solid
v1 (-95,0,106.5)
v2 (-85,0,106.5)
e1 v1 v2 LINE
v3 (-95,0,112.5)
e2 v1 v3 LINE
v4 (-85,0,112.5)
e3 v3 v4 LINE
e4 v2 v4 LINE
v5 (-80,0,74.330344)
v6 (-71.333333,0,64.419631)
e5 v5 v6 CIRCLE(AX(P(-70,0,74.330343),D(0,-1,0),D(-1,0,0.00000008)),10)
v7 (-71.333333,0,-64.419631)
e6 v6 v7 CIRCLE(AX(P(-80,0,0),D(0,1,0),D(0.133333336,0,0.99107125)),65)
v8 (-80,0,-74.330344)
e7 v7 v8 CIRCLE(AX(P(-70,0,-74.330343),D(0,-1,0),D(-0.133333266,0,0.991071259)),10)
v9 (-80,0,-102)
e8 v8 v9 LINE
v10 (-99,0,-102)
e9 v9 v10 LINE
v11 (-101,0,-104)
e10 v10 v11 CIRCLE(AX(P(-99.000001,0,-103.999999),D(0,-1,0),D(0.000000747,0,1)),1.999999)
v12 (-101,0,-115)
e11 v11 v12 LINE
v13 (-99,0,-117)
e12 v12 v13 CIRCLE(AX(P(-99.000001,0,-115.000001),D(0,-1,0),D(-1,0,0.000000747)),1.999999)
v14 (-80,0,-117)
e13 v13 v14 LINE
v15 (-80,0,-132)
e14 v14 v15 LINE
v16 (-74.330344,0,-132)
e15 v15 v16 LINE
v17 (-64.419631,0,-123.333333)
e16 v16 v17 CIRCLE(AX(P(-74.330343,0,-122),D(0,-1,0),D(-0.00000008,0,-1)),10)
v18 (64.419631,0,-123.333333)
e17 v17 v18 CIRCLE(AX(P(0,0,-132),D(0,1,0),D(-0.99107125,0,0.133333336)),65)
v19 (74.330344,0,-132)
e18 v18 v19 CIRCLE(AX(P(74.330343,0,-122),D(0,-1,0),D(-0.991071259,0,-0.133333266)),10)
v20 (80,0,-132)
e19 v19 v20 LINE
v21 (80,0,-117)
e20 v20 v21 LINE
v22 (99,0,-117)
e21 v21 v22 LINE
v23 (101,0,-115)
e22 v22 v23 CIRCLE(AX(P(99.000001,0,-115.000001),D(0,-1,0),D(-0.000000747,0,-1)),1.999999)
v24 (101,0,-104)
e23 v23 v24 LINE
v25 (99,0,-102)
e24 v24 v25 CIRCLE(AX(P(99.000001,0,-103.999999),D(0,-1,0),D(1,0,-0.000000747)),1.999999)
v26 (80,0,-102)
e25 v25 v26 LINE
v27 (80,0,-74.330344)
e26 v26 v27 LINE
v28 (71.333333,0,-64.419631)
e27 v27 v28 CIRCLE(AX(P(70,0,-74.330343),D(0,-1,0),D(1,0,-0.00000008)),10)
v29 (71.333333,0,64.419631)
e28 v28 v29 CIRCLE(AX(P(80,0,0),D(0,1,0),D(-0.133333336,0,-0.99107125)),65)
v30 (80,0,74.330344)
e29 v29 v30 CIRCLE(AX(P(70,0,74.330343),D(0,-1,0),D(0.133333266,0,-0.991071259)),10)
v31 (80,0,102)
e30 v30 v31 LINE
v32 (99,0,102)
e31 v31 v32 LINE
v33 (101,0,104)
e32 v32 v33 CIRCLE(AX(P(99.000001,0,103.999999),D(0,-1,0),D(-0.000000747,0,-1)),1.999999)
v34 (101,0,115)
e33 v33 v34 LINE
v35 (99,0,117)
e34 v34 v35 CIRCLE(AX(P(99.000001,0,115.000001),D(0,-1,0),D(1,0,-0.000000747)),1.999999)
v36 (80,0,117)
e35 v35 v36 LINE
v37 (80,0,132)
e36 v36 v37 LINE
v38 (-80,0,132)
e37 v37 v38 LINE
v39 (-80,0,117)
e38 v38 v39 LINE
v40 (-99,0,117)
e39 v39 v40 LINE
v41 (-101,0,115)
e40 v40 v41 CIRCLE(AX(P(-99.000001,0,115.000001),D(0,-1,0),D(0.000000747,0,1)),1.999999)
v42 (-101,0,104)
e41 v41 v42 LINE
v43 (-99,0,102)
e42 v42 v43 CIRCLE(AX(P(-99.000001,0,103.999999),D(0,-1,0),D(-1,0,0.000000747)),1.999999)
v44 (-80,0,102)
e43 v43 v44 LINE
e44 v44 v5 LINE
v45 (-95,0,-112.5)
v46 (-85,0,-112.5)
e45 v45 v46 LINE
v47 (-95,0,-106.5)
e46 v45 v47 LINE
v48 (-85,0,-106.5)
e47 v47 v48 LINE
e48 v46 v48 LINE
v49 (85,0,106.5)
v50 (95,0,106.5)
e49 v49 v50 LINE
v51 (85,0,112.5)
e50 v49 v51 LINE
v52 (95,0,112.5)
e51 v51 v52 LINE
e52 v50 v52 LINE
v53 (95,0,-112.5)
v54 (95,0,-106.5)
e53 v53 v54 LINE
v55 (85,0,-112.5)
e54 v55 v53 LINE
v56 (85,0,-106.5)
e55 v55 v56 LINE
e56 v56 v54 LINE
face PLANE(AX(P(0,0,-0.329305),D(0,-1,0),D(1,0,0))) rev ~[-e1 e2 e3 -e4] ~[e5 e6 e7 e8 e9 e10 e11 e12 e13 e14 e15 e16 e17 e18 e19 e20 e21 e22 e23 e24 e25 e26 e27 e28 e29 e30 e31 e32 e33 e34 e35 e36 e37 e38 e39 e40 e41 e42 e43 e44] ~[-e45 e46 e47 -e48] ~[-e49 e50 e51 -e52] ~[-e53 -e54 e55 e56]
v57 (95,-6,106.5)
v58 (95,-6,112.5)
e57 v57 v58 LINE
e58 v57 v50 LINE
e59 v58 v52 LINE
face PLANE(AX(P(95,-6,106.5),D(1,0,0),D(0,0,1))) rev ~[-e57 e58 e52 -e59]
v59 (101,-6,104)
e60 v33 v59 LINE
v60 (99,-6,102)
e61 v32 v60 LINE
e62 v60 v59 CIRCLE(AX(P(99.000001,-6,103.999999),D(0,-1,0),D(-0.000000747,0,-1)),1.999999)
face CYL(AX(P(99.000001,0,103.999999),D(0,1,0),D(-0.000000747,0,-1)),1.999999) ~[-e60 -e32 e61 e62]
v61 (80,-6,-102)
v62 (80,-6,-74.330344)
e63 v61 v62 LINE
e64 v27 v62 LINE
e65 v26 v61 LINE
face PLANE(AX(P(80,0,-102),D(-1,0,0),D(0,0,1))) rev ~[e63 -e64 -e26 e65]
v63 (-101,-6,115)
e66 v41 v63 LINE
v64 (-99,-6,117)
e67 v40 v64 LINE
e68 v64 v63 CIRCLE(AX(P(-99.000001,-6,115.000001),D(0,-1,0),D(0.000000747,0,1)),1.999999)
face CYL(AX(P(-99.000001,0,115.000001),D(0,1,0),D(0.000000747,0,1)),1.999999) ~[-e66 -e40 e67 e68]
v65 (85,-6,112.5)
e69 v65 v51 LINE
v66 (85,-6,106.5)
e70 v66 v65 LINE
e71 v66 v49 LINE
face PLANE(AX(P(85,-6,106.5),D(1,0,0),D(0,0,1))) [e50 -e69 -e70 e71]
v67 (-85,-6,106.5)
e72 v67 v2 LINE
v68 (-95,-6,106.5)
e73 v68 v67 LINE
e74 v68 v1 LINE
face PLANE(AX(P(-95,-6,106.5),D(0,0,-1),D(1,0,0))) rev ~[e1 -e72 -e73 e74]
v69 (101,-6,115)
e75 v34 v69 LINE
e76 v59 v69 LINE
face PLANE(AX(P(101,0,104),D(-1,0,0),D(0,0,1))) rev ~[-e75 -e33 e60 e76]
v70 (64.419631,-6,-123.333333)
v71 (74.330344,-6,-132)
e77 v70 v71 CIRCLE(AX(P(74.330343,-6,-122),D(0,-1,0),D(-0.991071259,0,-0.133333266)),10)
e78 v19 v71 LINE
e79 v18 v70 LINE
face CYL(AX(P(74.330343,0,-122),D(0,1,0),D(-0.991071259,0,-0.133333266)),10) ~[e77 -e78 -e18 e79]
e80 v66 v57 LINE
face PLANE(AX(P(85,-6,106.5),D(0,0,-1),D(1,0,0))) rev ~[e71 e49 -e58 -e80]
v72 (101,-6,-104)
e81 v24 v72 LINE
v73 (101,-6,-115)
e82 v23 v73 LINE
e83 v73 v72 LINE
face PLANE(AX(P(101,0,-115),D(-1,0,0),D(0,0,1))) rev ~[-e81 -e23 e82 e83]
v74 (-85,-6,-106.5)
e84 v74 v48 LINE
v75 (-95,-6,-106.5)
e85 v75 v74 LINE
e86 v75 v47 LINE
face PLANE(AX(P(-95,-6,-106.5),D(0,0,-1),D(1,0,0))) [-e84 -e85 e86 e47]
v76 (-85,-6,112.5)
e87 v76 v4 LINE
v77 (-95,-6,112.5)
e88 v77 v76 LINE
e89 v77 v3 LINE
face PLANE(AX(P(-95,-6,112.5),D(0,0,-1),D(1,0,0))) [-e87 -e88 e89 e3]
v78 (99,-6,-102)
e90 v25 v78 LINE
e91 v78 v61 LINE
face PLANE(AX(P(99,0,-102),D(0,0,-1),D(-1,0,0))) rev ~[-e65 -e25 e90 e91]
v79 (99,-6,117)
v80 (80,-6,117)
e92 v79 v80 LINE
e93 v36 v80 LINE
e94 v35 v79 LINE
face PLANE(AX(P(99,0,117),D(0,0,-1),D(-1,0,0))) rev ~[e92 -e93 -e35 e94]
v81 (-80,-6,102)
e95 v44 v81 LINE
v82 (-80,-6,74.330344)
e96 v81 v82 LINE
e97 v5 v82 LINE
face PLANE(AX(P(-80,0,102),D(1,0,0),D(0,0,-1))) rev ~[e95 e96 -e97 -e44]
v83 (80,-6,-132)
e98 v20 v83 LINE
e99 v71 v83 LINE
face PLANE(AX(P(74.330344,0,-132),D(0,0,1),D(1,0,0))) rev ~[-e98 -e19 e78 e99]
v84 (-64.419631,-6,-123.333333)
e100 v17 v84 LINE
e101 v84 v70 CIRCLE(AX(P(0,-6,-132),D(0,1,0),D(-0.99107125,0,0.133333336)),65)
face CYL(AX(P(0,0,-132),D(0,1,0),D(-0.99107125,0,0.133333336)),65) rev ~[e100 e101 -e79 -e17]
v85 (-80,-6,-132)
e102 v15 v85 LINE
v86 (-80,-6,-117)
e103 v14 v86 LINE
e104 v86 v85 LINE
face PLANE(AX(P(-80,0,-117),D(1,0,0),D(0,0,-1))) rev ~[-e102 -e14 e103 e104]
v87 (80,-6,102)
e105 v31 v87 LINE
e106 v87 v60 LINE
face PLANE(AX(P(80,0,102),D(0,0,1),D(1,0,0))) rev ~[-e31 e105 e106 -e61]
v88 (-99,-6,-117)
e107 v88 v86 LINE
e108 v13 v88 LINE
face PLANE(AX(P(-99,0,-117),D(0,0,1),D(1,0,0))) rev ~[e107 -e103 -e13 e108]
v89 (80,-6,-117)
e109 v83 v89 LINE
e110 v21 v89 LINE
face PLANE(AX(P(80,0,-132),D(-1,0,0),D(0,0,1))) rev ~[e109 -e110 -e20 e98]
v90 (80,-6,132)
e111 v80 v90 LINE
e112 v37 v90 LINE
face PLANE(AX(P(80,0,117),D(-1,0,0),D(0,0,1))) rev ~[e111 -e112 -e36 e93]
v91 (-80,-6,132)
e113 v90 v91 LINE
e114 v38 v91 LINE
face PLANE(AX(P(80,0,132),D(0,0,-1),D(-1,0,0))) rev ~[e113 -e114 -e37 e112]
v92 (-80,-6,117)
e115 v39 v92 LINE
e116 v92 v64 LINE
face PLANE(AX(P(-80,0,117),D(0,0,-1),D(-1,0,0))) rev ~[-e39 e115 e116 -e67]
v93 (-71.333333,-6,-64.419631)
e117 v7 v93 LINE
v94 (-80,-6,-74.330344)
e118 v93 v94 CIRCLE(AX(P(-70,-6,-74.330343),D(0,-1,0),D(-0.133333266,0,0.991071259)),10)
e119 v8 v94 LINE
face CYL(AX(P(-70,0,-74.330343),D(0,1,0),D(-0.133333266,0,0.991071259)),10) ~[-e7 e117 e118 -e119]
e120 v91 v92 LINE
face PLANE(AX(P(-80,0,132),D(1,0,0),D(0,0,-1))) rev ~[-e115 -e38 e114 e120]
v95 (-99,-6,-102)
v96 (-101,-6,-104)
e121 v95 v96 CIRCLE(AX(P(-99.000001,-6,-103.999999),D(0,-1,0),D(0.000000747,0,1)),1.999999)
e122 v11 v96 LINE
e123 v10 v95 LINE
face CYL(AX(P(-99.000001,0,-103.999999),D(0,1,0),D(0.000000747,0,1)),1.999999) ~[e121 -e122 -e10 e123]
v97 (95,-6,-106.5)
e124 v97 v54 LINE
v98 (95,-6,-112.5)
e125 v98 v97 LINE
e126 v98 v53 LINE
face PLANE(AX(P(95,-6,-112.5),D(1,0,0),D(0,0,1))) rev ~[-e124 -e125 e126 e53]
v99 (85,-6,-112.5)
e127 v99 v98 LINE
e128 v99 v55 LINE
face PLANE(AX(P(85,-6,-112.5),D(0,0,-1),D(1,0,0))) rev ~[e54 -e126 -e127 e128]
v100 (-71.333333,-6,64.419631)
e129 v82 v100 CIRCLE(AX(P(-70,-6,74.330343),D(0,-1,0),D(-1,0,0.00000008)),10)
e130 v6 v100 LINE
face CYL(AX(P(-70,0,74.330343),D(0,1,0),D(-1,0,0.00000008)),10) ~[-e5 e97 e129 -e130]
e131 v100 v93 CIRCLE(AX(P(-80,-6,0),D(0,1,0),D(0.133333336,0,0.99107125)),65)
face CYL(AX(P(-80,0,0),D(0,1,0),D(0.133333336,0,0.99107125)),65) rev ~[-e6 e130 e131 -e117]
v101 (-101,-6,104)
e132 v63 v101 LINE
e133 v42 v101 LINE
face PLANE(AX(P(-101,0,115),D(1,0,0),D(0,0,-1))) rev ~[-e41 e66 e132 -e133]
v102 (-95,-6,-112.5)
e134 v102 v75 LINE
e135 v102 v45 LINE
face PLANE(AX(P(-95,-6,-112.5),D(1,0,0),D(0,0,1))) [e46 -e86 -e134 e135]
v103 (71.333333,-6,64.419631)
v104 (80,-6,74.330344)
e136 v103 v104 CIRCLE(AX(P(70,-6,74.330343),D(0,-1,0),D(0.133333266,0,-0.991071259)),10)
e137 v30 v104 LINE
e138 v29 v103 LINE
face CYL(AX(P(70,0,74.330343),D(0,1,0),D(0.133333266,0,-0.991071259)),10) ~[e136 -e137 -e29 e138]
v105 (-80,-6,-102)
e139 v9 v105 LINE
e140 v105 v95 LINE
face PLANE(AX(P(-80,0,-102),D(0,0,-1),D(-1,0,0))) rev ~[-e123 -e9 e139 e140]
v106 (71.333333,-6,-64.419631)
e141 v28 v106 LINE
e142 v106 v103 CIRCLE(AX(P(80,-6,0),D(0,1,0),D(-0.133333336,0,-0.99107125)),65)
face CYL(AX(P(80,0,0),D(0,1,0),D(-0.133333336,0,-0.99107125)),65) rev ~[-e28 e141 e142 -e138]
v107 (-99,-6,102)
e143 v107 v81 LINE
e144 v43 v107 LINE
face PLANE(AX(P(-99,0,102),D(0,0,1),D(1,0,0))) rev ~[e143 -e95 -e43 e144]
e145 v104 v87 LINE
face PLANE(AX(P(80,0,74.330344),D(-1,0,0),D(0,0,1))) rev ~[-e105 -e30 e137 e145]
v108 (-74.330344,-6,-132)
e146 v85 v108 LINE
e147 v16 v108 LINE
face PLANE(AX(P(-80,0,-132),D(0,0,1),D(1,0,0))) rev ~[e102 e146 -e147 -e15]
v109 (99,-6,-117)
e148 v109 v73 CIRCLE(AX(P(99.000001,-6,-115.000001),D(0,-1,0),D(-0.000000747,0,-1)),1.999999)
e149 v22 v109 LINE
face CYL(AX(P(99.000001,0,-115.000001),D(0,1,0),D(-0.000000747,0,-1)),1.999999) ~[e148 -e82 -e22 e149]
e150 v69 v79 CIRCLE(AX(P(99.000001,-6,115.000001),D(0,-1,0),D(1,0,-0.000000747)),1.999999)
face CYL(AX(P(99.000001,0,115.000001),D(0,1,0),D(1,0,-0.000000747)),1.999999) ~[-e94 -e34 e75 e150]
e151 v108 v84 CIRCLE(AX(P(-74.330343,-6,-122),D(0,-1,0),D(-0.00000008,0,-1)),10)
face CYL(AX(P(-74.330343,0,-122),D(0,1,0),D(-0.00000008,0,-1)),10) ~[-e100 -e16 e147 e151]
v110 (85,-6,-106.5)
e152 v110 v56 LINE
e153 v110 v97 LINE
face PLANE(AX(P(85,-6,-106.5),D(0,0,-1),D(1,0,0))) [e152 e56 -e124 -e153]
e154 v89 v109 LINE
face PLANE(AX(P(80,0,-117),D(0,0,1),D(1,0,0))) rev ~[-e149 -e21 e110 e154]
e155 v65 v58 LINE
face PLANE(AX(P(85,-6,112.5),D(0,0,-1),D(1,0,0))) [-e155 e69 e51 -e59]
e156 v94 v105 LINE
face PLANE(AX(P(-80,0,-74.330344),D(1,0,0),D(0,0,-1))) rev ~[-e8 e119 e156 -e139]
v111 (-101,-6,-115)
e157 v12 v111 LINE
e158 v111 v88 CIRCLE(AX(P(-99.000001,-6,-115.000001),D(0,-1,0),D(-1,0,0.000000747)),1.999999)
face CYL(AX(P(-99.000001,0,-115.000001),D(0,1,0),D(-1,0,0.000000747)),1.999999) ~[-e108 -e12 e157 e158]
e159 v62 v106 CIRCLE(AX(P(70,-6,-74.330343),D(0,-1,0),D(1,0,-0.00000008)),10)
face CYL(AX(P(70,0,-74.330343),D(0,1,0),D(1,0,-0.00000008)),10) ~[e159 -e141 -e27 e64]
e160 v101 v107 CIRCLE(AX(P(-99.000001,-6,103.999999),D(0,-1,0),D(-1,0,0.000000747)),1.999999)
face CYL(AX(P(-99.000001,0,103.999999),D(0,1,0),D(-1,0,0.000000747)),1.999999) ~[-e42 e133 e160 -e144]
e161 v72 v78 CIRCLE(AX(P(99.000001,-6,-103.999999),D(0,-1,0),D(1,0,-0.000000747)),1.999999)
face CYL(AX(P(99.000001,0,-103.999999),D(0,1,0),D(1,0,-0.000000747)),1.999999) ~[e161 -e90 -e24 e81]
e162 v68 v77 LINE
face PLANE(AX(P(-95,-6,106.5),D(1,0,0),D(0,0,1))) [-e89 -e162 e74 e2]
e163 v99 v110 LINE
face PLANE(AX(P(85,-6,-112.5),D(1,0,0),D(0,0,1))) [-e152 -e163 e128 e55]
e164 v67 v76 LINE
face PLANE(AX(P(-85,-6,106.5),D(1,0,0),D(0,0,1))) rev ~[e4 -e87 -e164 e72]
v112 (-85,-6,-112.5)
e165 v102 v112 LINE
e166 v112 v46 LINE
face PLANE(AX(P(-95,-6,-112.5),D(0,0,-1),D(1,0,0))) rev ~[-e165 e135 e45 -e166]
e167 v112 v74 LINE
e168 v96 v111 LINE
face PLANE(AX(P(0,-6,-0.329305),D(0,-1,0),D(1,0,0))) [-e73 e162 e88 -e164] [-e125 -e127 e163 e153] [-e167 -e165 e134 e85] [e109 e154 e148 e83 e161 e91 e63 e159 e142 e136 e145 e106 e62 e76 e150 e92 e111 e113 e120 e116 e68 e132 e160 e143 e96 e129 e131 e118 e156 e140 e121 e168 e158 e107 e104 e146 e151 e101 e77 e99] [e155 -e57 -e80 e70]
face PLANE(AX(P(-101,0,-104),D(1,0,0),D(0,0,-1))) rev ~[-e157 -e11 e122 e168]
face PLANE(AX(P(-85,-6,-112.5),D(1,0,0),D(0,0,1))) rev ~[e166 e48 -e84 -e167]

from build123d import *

# Parameters (mm, degrees)
F1_DEPTH = 6
F2_W     = 10
F2_H     = 6
F3_DEPTH = 25


with BuildPart() as f1:
    # F0 (on Front) → F1 (new body)
    with BuildSketch(Plane.XZ):
        with BuildLine():
            Line((80, 132), (-80, 132))
            Line((-80, 132), (-80, 117))
            Line((-80, 117), (-80, 102))
            Line((-80, 102), (-80, 74.330344))
            ThreePointArc((-80, 74.330344), (-77.527727, 67.747538), (-71.333333, 64.419631))
            ThreePointArc((-71.333333, 64.419631), (-15, 0), (-71.333333, -64.419631))
            ThreePointArc((-71.333333, -64.419631), (-77.527727, -67.747538), (-80, -74.330344))
            Line((-80, -74.330344), (-80, -102))
            Line((-80, -102), (-80, -117))
            Line((-80, -117), (-80, -132))
            Line((-80, -132), (-74.330344, -132))
            ThreePointArc((-74.330344, -132), (-67.747538, -129.527727), (-64.419631, -123.333333))
            ThreePointArc((-64.419631, -123.333333), (0, -67), (64.419631, -123.333333))
            ThreePointArc((64.419631, -123.333333), (67.747538, -129.527727), (74.330344, -132))
            Line((74.330344, -132), (80, -132))
            Line((80, -132), (80, -117))
            Line((80, -117), (80, -102))
            Line((80, -102), (80, -74.330344))
            ThreePointArc((80, -74.330344), (77.527727, -67.747538), (71.333333, -64.419631))
            ThreePointArc((71.333333, -64.419631), (15, 0), (71.333333, 64.419631))
            ThreePointArc((71.333333, 64.419631), (77.527727, 67.747538), (80, 74.330344))
            Line((80, 74.330344), (80, 102))
            Line((80, 102), (80, 117))
            Line((80, 117), (80, 132))
        make_face()
        with BuildLine():
            Line((-80, 102), (-80, 117))
            Line((-80, 117), (-99, 117))
            ThreePointArc((-99, 117), (-100.414214, 116.414214), (-101, 115))
            Line((-101, 115), (-101, 104))
            ThreePointArc((-101, 104), (-100.414214, 102.585786), (-99, 102))
            Line((-99, 102), (-80, 102))
        make_face()
        with BuildLine():
            Line((99, 117), (80, 117))
            Line((80, 117), (80, 102))
            Line((80, 102), (99, 102))
            ThreePointArc((99, 102), (100.414214, 102.585786), (101, 104))
            Line((101, 104), (101, 115))
            ThreePointArc((101, 115), (100.414214, 116.414214), (99, 117))
        make_face()
        with BuildLine():
            Line((-80, -117), (-80, -102))
            Line((-80, -102), (-99, -102))
            ThreePointArc((-99, -102), (-100.414214, -102.585786), (-101, -104))
            Line((-101, -104), (-101, -115))
            ThreePointArc((-101, -115), (-100.414214, -116.414214), (-99, -117))
            Line((-99, -117), (-80, -117))
        make_face()
        with BuildLine():
            Line((99, -102), (80, -102))
            Line((80, -102), (80, -117))
            Line((80, -117), (99, -117))
            ThreePointArc((99, -117), (100.414214, -116.414214), (101, -115))
            Line((101, -115), (101, -104))
            ThreePointArc((101, -104), (100.414214, -102.585786), (99, -102))
        make_face()
    extrude(amount=F1_DEPTH)

    # F2 (on face) → F3 (cut)
    with BuildSketch(Plane.XZ.offset(6)):
        with Locations((-90, 109.5)):
            Rectangle(F2_W, F2_H)
        with Locations((90, 109.5)):
            Rectangle(F2_W, F2_H)
        with Locations((-90, -109.5)):
            Rectangle(F2_W, F2_H)
        with Locations((90, -109.5)):
            Rectangle(F2_W, F2_H)
    extrude(amount=-F3_DEPTH, mode=Mode.SUBTRACT)


solid = f1.part
